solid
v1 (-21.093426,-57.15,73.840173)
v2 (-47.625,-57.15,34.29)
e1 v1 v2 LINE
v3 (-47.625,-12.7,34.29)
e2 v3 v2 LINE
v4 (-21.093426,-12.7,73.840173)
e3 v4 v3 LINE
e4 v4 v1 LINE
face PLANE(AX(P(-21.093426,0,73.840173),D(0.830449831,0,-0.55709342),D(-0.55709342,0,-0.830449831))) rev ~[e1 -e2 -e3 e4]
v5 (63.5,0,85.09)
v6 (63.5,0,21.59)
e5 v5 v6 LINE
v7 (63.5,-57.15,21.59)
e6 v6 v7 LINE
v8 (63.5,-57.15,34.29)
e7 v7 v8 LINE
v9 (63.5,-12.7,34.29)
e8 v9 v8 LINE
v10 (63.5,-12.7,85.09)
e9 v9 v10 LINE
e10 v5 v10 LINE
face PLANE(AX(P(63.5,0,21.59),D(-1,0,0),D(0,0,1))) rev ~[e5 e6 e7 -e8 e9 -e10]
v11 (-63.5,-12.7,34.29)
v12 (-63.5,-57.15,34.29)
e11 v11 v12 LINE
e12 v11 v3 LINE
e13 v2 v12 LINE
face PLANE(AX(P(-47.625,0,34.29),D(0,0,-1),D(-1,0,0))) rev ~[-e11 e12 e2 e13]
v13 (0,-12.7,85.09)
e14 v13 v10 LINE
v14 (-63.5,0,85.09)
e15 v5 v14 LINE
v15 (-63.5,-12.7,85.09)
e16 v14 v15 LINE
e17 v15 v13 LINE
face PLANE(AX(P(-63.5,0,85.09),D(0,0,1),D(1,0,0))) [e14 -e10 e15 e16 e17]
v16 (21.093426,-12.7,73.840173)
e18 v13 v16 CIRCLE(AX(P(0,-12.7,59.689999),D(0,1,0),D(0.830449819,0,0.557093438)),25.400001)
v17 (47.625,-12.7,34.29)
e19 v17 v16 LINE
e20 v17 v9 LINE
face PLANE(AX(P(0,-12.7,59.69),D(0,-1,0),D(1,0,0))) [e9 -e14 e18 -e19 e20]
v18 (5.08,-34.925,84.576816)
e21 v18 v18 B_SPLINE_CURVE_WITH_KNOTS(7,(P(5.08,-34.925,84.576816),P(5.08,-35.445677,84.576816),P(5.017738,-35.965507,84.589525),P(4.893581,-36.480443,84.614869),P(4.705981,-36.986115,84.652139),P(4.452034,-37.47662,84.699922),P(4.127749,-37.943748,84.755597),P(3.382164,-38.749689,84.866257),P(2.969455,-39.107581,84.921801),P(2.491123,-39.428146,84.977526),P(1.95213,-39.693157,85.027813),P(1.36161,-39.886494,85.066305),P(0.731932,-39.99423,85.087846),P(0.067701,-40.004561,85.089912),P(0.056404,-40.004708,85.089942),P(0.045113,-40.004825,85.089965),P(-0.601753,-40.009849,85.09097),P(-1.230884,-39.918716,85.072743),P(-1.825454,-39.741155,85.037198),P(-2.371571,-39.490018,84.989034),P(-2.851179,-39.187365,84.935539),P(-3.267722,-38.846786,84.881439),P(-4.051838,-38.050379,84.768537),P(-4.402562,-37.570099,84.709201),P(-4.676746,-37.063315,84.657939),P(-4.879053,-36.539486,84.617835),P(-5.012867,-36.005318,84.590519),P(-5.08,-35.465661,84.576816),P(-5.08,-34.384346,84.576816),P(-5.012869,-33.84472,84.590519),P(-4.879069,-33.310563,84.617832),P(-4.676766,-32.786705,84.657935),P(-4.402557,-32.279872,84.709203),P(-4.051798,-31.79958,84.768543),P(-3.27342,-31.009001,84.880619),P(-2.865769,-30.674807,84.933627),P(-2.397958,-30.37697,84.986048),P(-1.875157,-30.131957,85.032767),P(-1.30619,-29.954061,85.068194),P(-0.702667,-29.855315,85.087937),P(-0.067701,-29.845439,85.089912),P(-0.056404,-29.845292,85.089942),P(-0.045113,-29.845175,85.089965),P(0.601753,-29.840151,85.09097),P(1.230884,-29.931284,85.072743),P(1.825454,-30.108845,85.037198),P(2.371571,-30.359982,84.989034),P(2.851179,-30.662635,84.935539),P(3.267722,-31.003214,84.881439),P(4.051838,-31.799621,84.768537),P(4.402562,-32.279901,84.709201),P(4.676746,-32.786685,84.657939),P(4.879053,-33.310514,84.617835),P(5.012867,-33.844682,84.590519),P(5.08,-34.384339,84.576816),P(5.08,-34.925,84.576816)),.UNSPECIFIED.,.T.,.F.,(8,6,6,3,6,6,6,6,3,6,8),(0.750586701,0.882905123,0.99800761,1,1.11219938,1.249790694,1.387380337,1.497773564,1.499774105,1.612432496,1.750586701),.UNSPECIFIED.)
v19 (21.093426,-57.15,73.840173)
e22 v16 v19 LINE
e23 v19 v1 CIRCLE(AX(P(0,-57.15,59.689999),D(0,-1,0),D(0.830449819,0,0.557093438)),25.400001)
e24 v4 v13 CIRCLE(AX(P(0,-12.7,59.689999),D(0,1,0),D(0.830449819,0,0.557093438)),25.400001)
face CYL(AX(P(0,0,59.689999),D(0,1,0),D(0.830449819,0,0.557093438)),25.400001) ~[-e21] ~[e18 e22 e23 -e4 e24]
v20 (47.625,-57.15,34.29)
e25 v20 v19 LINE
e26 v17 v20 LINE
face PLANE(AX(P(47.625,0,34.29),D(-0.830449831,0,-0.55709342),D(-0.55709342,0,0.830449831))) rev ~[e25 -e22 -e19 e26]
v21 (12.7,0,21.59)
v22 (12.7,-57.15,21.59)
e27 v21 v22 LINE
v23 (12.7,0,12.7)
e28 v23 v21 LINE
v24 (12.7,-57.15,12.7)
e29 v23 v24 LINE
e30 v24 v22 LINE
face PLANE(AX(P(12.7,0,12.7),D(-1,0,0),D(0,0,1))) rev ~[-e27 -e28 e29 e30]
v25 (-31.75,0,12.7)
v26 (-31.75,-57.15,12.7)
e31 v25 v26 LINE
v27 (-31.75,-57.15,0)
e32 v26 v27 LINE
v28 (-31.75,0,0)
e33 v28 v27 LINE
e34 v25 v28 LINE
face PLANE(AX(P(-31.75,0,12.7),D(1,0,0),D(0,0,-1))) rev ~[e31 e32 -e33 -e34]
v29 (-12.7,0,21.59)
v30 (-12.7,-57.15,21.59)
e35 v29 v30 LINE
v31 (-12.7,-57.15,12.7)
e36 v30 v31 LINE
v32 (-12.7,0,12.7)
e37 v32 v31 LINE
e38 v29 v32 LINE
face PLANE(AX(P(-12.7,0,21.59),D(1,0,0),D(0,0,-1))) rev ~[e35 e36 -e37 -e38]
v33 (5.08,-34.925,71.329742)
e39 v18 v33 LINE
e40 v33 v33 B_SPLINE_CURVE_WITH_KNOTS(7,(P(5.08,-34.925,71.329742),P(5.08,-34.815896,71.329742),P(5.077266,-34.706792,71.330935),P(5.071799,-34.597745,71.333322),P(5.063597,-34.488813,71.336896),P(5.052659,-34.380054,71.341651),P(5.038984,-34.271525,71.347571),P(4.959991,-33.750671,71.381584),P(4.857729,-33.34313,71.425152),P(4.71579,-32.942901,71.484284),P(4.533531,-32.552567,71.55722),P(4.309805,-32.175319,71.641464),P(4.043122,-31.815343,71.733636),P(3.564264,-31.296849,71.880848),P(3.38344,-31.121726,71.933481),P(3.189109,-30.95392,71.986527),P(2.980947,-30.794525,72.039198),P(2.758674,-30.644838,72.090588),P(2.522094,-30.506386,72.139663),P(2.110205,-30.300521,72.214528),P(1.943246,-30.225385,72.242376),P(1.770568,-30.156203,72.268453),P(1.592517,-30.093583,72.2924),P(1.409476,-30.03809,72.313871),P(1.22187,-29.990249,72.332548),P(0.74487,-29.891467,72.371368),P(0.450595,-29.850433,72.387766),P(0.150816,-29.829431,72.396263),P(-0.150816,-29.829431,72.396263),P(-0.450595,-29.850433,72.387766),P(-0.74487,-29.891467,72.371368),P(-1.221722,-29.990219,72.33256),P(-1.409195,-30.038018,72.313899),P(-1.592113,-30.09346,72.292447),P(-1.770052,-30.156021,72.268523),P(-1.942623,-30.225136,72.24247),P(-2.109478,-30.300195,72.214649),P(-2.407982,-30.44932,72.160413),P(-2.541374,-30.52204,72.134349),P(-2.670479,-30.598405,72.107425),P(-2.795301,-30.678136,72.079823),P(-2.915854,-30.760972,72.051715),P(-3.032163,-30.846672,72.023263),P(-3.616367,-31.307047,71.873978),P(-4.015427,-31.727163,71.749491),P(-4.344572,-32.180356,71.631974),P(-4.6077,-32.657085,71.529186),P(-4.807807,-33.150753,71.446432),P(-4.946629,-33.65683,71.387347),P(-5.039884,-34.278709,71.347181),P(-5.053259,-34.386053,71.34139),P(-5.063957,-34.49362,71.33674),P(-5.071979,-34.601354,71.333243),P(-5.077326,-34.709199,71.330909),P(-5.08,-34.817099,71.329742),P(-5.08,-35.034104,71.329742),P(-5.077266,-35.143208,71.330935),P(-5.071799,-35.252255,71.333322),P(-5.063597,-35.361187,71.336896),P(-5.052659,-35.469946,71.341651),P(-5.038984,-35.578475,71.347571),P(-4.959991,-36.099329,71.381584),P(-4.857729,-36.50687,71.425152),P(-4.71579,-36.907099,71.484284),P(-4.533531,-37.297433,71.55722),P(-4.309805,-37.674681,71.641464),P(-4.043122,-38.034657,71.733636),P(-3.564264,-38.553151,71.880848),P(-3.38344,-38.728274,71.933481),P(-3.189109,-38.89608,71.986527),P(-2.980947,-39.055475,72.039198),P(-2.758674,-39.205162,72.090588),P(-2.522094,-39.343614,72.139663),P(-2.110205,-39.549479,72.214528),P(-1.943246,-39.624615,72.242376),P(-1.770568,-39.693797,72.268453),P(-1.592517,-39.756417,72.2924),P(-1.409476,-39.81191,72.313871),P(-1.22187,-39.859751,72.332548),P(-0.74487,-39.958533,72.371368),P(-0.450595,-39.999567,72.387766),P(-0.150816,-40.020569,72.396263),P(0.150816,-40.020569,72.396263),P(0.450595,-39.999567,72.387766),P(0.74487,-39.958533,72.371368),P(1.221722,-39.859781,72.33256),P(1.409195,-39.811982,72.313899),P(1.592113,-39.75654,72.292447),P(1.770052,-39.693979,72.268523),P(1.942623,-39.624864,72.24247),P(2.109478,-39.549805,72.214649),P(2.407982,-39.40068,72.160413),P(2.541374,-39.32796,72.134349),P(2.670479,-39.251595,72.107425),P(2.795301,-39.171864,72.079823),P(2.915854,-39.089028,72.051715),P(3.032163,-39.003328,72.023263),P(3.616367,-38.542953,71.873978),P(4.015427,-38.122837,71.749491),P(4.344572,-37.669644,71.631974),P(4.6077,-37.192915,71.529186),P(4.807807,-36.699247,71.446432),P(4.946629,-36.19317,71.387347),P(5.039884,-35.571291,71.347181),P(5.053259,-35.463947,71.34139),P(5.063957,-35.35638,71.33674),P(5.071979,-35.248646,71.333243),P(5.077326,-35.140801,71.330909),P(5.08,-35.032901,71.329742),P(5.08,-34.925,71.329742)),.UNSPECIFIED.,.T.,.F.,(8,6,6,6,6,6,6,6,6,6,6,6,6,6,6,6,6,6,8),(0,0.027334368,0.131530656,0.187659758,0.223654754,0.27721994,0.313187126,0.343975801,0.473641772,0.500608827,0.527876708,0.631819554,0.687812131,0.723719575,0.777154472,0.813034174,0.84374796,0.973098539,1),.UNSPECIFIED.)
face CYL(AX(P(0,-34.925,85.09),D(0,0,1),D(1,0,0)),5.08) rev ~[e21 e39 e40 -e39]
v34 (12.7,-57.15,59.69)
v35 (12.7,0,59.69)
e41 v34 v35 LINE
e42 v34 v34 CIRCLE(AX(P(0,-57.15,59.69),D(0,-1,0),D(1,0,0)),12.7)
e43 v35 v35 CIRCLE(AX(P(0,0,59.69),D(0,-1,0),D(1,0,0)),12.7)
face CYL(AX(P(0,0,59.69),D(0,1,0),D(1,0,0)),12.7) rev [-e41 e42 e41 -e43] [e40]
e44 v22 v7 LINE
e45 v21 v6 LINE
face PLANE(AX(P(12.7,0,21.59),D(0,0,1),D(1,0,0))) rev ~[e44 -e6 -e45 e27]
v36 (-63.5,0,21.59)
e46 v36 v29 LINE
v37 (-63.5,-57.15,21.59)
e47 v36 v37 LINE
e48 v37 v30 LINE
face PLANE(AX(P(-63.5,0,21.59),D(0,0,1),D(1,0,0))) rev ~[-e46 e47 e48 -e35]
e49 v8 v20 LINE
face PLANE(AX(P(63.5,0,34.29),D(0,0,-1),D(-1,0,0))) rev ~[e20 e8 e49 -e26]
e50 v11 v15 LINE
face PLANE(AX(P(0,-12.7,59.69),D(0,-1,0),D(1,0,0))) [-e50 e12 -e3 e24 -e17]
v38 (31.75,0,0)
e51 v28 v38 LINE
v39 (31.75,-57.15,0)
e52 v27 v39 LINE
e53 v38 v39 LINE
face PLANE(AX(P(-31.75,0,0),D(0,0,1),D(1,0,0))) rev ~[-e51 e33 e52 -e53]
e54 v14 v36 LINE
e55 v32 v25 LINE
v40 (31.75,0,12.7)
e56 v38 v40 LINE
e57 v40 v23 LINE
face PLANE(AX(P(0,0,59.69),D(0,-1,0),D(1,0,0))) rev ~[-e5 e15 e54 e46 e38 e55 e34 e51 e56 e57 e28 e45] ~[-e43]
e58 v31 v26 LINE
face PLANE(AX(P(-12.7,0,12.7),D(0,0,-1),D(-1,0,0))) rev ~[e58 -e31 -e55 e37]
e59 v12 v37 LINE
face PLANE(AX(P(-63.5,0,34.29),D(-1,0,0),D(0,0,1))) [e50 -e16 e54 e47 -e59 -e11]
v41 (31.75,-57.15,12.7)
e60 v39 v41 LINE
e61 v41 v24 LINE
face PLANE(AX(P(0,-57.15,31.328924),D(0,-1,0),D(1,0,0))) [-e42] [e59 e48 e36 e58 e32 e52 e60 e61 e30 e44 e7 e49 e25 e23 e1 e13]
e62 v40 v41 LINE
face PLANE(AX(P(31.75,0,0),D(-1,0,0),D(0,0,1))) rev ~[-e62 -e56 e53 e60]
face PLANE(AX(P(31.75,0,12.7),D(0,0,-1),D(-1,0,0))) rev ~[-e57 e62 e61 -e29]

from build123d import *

# Parameters (mm, degrees)
F0_R     = 12.7
F2_DEPTH = 57.15
F1_W     = 127
F1_H     = 50.8
F1_R     = 12.7
F3_DEPTH = 12.7
F4_R     = 5.08
F5_DEPTH = 25.4


with BuildPart() as f2:
    # F0 (on Front) → F2 (new body)
    with BuildSketch(Plane.XZ):
        with BuildLine():
            Line((-31.75, 0), (0, 0))
            Line((0, 0), (31.75, 0))
            Line((31.75, 0), (31.75, 12.7))
            Line((31.75, 12.7), (12.7, 12.7))
            Line((12.7, 12.7), (12.7, 21.59))
            Line((12.7, 21.59), (63.5, 21.59))
            Line((63.5, 21.59), (63.5, 34.29))
            Line((63.5, 34.29), (47.625, 34.29))
            Line((47.625, 34.29), (21.093426, 73.840173))
            ThreePointArc((21.093426, 73.840173), (0, 85.09), (-21.093426, 73.840173))
            Line((-21.093426, 73.840173), (-47.625, 34.29))
            Line((-47.625, 34.29), (-63.5, 34.29))
            Line((-63.5, 34.29), (-63.5, 21.59))
            Line((-63.5, 21.59), (-12.7, 21.59))
            Line((-12.7, 21.59), (-12.7, 12.7))
            Line((-12.7, 12.7), (-31.75, 12.7))
            Line((-31.75, 12.7), (-31.75, 0))
        make_face()
        with Locations((0, 59.69)):
            Circle(F0_R, mode=Mode.SUBTRACT)
    extrude(amount=F2_DEPTH)

    # F1 (on Front) → F3 (join)
    with BuildSketch(Plane.XZ):
        with Locations((0, 59.69)):
            Rectangle(F1_W, F1_H)
        with Locations((0, 59.69)):
            Circle(F1_R, mode=Mode.SUBTRACT)
    extrude(amount=F3_DEPTH)

    # F4 (on face) → F5 (cut)
    with BuildSketch(Plane.XY.offset(85.09)):
        with Locations((0, -34.925)):
            Circle(F4_R)
    extrude(amount=-F5_DEPTH, mode=Mode.SUBTRACT)


solid = f2.part
